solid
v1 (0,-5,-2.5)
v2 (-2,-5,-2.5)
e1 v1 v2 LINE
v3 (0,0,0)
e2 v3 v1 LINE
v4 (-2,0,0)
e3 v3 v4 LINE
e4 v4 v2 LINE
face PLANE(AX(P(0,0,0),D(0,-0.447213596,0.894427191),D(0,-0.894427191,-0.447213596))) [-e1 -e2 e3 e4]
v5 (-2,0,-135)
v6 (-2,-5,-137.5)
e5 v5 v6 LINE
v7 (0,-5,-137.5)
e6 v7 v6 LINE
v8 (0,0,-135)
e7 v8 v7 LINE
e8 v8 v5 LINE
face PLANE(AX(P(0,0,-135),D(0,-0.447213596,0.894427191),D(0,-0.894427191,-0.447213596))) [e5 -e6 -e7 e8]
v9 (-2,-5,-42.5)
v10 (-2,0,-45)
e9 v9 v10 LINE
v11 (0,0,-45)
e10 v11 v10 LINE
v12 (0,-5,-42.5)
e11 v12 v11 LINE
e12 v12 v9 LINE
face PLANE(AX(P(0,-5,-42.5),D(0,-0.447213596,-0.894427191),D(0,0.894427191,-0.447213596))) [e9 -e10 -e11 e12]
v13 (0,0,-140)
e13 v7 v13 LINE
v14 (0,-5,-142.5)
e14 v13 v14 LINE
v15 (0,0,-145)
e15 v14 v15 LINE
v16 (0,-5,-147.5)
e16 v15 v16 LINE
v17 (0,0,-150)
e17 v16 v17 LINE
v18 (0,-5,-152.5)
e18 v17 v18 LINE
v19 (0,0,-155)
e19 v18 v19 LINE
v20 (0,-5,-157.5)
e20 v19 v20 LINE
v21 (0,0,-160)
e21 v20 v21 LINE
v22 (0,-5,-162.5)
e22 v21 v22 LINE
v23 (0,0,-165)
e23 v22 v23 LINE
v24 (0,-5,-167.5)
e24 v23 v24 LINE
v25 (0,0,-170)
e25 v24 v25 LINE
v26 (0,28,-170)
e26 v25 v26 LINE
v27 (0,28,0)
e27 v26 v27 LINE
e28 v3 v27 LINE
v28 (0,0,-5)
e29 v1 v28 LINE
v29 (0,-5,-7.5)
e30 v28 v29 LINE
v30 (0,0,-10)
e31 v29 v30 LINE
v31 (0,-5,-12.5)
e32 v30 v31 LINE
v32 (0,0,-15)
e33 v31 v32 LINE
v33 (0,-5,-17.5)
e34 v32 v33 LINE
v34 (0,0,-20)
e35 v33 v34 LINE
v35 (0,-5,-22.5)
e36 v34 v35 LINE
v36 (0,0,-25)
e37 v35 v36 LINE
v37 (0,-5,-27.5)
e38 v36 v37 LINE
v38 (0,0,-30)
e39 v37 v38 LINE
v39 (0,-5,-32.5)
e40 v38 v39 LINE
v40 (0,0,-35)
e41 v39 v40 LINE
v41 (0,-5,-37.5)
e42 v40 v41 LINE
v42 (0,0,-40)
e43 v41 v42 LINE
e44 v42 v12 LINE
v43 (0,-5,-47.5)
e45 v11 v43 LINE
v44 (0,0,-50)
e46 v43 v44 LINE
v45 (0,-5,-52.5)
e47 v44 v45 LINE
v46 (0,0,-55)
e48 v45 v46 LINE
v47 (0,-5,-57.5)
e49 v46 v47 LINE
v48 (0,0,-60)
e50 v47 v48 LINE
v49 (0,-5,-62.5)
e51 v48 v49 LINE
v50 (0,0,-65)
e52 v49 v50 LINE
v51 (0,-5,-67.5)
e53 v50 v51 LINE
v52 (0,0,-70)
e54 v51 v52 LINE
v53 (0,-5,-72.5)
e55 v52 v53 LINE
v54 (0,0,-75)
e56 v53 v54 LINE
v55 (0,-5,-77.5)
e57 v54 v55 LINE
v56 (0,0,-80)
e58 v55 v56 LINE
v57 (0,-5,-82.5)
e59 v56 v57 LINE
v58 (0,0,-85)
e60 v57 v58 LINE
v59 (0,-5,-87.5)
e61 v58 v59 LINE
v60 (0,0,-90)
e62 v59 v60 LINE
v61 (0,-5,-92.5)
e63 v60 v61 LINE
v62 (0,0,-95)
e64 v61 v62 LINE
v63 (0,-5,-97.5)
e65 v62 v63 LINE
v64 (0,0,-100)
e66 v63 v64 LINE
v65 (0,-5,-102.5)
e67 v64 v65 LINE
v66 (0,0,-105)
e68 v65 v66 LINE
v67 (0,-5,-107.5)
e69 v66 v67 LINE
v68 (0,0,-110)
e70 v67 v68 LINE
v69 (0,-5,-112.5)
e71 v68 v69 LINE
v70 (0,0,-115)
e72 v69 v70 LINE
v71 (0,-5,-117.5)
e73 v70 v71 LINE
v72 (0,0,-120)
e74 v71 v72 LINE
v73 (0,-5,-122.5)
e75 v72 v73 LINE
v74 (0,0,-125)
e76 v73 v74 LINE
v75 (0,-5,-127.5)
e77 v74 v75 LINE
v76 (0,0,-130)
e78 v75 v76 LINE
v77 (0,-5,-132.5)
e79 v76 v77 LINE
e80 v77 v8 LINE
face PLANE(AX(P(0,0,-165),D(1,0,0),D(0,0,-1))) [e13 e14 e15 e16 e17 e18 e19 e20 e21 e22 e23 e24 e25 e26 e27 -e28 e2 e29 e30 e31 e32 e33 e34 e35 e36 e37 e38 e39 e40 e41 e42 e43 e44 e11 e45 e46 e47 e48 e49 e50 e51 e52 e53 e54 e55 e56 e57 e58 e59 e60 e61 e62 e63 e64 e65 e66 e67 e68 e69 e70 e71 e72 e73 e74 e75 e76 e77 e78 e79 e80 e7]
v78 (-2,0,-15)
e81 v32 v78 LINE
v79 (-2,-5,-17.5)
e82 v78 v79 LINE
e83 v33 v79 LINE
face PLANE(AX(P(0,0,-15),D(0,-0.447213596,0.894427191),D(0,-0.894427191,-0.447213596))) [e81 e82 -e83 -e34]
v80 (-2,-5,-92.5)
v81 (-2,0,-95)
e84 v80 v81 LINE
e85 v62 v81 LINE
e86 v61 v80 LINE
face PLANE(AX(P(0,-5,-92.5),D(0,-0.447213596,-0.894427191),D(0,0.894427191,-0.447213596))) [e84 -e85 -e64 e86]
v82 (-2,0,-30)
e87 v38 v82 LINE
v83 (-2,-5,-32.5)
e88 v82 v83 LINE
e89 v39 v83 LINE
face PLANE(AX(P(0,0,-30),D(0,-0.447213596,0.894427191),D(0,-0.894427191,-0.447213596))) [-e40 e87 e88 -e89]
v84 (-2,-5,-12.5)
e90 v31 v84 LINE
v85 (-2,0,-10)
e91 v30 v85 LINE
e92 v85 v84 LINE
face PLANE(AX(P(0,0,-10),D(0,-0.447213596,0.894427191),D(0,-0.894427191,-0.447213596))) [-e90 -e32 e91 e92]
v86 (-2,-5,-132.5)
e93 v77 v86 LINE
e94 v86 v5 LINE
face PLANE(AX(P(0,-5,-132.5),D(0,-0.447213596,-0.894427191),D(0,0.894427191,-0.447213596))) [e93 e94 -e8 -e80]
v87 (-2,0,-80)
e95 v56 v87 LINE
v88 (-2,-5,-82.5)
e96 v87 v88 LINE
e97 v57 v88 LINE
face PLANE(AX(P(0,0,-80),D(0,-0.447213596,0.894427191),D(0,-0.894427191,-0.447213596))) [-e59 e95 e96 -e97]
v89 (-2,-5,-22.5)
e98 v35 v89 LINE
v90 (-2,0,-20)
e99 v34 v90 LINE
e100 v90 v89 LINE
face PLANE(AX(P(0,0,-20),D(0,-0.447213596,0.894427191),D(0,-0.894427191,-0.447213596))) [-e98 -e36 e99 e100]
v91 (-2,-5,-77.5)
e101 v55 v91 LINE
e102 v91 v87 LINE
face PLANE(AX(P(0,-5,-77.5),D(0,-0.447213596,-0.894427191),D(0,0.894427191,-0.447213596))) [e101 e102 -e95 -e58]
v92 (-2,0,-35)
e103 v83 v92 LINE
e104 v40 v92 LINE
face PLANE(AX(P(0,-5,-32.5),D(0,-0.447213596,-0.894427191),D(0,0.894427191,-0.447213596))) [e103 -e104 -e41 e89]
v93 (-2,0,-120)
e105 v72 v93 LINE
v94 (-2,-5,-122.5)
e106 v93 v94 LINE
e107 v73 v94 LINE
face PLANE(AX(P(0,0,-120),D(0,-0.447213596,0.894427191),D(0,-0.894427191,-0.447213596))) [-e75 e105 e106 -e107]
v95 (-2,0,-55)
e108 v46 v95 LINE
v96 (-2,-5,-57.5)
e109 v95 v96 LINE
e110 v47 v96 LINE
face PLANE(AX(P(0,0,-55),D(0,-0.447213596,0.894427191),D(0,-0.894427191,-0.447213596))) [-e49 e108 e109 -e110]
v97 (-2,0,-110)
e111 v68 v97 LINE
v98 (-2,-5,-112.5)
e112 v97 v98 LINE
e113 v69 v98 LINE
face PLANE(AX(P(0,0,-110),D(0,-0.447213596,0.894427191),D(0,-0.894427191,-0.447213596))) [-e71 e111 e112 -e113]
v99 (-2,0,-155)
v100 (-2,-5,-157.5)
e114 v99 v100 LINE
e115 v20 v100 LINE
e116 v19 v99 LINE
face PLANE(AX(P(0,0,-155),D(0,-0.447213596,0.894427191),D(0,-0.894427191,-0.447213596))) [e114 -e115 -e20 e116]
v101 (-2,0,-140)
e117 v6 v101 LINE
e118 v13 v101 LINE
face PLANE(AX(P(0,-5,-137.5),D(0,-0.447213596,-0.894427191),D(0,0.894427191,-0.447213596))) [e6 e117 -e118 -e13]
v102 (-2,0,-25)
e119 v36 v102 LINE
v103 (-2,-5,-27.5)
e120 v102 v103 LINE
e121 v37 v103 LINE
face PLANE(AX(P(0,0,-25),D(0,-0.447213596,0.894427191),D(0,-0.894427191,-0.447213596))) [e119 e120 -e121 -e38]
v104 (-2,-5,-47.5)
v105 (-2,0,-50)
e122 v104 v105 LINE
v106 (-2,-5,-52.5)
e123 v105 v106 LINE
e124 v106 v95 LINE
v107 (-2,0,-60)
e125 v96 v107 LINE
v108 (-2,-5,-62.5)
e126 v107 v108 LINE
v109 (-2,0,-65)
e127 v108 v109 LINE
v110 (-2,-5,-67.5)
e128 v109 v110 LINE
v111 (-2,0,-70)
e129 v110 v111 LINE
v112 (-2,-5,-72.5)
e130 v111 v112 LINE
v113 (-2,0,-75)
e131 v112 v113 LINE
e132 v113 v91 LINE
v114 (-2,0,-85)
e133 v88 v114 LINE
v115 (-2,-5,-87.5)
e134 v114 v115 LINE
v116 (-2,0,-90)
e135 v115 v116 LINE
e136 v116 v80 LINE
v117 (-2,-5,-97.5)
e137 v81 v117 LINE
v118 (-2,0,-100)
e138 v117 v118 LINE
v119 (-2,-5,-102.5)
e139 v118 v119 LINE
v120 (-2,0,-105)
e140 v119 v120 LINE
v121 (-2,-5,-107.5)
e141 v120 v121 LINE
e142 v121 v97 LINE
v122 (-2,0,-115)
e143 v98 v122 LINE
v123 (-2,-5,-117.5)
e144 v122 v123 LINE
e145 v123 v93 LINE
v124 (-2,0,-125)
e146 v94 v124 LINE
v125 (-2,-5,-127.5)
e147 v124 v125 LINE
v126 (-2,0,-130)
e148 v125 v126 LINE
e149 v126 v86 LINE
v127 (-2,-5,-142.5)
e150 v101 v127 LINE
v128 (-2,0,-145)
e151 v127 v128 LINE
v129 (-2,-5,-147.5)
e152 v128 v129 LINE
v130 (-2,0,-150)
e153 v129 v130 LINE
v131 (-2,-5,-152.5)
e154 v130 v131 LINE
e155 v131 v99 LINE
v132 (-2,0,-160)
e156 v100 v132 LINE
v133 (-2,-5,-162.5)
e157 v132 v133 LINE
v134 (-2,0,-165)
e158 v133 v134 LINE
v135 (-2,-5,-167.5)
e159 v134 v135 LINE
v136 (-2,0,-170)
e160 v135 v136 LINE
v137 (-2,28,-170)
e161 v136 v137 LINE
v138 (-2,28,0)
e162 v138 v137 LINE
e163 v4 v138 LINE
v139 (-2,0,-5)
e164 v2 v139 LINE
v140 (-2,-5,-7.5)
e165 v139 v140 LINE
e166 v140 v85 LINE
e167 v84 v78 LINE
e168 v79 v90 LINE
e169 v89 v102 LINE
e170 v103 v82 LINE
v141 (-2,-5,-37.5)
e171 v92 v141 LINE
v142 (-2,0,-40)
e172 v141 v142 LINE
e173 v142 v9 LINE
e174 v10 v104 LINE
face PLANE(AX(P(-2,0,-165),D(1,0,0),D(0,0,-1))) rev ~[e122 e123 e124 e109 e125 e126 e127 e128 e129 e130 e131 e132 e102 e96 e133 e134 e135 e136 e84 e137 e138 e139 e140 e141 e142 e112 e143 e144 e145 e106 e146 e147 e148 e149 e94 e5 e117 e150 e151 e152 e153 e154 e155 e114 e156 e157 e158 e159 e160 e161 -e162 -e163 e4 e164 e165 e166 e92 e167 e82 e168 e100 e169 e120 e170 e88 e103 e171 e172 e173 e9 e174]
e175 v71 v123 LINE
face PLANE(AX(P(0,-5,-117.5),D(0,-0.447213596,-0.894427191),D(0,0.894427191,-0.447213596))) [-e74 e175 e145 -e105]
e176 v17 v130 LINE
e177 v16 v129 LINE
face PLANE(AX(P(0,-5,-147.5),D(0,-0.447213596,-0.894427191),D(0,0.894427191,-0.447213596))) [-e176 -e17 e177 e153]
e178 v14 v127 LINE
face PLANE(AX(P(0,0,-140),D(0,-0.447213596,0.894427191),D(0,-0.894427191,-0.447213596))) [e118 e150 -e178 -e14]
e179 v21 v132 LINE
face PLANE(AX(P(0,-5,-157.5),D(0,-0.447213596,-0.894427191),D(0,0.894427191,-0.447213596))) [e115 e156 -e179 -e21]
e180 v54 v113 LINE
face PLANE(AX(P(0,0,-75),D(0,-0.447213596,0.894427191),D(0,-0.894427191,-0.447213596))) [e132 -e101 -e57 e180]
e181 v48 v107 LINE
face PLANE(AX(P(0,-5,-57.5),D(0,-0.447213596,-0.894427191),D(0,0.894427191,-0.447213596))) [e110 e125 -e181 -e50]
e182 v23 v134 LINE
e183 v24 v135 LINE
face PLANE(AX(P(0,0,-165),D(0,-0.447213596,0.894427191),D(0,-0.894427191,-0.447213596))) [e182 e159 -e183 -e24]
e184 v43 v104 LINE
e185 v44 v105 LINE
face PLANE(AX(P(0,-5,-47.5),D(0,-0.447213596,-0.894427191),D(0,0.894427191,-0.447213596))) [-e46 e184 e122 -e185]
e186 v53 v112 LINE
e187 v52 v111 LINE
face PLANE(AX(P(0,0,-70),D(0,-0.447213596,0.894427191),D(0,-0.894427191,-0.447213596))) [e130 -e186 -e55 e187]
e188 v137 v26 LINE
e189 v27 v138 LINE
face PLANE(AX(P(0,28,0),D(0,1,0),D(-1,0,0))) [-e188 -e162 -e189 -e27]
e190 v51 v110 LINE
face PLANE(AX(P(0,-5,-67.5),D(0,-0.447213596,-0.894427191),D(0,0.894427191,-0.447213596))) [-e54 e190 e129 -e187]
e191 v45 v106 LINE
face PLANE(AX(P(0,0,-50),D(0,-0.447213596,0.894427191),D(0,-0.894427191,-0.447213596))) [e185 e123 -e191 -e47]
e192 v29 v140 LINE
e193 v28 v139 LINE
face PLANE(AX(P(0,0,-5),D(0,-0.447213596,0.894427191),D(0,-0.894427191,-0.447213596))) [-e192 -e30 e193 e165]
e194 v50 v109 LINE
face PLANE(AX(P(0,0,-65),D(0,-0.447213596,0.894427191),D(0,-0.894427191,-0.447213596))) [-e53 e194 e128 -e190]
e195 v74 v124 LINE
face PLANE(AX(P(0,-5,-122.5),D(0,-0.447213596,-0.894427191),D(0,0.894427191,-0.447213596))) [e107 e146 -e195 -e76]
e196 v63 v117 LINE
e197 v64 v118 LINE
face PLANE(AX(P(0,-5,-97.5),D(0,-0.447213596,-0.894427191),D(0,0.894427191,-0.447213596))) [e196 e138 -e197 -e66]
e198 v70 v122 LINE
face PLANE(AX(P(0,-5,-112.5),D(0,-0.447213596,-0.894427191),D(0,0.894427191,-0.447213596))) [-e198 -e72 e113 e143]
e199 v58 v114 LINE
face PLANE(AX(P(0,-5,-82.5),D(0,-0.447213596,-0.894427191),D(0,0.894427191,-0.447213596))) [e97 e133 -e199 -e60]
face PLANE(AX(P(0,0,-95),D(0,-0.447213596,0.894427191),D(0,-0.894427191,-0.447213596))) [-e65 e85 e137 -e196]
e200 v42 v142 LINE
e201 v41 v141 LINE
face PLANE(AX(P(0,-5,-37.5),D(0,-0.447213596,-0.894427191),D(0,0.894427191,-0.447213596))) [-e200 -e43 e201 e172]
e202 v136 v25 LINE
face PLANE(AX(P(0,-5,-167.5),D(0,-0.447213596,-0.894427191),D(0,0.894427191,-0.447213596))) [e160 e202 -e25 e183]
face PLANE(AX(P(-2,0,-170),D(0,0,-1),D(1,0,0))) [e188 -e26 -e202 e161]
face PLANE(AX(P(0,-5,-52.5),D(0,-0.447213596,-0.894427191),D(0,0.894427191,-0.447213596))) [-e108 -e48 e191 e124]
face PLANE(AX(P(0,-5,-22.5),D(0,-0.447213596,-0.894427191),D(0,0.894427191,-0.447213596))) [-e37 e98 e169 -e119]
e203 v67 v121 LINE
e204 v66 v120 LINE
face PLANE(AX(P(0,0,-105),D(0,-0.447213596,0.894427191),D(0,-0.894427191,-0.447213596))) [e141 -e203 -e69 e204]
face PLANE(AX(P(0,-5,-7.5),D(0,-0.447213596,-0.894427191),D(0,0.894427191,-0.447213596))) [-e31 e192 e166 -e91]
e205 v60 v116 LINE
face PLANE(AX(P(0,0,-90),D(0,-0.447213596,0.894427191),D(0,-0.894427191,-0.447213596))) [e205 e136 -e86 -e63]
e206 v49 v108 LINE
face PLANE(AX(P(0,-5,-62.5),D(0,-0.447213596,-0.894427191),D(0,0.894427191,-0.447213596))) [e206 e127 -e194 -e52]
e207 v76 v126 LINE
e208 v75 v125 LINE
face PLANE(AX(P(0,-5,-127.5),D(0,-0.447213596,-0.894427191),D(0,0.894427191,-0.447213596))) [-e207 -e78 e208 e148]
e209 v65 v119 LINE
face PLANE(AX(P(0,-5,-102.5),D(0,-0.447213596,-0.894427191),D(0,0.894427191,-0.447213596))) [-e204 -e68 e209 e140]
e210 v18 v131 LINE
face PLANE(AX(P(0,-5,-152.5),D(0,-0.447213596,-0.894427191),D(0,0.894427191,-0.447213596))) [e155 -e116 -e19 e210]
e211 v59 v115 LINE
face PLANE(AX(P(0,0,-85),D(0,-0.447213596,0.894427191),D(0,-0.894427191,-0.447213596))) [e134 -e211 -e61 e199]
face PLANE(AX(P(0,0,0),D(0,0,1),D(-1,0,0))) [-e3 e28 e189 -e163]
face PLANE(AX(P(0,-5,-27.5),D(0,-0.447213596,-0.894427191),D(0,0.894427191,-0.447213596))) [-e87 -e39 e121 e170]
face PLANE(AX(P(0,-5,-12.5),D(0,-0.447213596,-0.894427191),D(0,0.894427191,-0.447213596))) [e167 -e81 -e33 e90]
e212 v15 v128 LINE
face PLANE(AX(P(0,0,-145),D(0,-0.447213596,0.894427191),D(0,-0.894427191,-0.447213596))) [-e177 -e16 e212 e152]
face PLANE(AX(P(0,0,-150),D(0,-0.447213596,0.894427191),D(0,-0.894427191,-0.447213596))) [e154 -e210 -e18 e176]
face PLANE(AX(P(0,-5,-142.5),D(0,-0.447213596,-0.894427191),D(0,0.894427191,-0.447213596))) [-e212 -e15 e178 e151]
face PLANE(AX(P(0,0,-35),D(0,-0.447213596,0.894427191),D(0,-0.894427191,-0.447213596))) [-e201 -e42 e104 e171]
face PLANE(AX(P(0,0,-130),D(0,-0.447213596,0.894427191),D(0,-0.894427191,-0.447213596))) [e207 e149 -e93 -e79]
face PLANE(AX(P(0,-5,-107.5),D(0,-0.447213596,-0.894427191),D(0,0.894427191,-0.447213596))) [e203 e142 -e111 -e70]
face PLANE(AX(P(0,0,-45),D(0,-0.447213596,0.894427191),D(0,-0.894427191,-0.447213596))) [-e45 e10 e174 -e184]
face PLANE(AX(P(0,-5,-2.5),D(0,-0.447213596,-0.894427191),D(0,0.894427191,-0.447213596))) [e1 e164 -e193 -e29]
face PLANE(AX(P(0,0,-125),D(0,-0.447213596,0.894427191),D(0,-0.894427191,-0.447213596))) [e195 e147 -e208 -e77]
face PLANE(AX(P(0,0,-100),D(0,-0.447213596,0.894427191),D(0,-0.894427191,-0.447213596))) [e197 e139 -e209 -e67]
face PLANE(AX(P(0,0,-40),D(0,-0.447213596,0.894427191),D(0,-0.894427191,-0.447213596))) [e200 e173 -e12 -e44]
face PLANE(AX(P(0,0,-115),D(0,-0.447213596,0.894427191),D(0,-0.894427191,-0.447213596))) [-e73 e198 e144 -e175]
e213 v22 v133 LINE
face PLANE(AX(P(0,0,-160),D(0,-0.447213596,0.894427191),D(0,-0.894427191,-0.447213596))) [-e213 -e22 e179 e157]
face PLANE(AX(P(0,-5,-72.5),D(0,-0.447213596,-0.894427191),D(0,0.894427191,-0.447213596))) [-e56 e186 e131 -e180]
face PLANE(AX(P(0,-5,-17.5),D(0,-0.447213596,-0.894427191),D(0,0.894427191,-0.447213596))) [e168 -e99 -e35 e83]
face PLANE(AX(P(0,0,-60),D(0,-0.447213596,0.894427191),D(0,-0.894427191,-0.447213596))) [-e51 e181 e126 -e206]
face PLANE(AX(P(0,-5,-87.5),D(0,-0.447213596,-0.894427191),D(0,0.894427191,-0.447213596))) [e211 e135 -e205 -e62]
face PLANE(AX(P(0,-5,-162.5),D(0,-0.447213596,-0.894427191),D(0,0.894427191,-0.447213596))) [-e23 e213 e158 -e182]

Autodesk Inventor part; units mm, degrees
ref_plane "YZ Plane" through (0, 0, 0) normal (1, 0, 0) x (0, 1, 0)
ref_plane "XZ Plane" through (0, 0, 0) normal (0, 1, 0) x (-1, 0, 0)
sketch "Sketch1" plane through (0, 0, 0) normal (0, 1, 0) x (-1, 0, 0)
  line L0 (0, 0) -> (2, 0)
  line L1 (2, 0) -> (2, -170)
  line L2 (2, -170) -> (0, -170)
  line L3 (0, -170) -> (0, 0)
  dimension "d0" = 2
  dimension "d1" = 170
extrude "Extrusion1" add sketch "Sketch1" along normal blind 28
ref_plane "Work Plane1" through (0, -5, 0) normal (0, -1, 0) x (1, 0, 0)
sketch "Sketch6" plane through (0, 0, 0) normal (1, 0, 0) x (0, 0, -1)
  line L0 (170, 0) -> (0, 0) projected
  line L1 (0, 0) -> (2.5, -5)
  line L2 (2.5, -5) -> (5, 0)
  line L3 (204, -5) -> (-34, -5) projected
  dimension "d5" = 2.5
  dimension "d6" = 2.5
  dimension "d7" = 0
extrude "Extrusion2" add sketch "Sketch6" against normal blind 2
pattern_linear "Rectangular Pattern1" count 34 spacing 5 along (0, 0, -1) of "Extrusion2"
properties part number "Blade" material "UHMW, White"
